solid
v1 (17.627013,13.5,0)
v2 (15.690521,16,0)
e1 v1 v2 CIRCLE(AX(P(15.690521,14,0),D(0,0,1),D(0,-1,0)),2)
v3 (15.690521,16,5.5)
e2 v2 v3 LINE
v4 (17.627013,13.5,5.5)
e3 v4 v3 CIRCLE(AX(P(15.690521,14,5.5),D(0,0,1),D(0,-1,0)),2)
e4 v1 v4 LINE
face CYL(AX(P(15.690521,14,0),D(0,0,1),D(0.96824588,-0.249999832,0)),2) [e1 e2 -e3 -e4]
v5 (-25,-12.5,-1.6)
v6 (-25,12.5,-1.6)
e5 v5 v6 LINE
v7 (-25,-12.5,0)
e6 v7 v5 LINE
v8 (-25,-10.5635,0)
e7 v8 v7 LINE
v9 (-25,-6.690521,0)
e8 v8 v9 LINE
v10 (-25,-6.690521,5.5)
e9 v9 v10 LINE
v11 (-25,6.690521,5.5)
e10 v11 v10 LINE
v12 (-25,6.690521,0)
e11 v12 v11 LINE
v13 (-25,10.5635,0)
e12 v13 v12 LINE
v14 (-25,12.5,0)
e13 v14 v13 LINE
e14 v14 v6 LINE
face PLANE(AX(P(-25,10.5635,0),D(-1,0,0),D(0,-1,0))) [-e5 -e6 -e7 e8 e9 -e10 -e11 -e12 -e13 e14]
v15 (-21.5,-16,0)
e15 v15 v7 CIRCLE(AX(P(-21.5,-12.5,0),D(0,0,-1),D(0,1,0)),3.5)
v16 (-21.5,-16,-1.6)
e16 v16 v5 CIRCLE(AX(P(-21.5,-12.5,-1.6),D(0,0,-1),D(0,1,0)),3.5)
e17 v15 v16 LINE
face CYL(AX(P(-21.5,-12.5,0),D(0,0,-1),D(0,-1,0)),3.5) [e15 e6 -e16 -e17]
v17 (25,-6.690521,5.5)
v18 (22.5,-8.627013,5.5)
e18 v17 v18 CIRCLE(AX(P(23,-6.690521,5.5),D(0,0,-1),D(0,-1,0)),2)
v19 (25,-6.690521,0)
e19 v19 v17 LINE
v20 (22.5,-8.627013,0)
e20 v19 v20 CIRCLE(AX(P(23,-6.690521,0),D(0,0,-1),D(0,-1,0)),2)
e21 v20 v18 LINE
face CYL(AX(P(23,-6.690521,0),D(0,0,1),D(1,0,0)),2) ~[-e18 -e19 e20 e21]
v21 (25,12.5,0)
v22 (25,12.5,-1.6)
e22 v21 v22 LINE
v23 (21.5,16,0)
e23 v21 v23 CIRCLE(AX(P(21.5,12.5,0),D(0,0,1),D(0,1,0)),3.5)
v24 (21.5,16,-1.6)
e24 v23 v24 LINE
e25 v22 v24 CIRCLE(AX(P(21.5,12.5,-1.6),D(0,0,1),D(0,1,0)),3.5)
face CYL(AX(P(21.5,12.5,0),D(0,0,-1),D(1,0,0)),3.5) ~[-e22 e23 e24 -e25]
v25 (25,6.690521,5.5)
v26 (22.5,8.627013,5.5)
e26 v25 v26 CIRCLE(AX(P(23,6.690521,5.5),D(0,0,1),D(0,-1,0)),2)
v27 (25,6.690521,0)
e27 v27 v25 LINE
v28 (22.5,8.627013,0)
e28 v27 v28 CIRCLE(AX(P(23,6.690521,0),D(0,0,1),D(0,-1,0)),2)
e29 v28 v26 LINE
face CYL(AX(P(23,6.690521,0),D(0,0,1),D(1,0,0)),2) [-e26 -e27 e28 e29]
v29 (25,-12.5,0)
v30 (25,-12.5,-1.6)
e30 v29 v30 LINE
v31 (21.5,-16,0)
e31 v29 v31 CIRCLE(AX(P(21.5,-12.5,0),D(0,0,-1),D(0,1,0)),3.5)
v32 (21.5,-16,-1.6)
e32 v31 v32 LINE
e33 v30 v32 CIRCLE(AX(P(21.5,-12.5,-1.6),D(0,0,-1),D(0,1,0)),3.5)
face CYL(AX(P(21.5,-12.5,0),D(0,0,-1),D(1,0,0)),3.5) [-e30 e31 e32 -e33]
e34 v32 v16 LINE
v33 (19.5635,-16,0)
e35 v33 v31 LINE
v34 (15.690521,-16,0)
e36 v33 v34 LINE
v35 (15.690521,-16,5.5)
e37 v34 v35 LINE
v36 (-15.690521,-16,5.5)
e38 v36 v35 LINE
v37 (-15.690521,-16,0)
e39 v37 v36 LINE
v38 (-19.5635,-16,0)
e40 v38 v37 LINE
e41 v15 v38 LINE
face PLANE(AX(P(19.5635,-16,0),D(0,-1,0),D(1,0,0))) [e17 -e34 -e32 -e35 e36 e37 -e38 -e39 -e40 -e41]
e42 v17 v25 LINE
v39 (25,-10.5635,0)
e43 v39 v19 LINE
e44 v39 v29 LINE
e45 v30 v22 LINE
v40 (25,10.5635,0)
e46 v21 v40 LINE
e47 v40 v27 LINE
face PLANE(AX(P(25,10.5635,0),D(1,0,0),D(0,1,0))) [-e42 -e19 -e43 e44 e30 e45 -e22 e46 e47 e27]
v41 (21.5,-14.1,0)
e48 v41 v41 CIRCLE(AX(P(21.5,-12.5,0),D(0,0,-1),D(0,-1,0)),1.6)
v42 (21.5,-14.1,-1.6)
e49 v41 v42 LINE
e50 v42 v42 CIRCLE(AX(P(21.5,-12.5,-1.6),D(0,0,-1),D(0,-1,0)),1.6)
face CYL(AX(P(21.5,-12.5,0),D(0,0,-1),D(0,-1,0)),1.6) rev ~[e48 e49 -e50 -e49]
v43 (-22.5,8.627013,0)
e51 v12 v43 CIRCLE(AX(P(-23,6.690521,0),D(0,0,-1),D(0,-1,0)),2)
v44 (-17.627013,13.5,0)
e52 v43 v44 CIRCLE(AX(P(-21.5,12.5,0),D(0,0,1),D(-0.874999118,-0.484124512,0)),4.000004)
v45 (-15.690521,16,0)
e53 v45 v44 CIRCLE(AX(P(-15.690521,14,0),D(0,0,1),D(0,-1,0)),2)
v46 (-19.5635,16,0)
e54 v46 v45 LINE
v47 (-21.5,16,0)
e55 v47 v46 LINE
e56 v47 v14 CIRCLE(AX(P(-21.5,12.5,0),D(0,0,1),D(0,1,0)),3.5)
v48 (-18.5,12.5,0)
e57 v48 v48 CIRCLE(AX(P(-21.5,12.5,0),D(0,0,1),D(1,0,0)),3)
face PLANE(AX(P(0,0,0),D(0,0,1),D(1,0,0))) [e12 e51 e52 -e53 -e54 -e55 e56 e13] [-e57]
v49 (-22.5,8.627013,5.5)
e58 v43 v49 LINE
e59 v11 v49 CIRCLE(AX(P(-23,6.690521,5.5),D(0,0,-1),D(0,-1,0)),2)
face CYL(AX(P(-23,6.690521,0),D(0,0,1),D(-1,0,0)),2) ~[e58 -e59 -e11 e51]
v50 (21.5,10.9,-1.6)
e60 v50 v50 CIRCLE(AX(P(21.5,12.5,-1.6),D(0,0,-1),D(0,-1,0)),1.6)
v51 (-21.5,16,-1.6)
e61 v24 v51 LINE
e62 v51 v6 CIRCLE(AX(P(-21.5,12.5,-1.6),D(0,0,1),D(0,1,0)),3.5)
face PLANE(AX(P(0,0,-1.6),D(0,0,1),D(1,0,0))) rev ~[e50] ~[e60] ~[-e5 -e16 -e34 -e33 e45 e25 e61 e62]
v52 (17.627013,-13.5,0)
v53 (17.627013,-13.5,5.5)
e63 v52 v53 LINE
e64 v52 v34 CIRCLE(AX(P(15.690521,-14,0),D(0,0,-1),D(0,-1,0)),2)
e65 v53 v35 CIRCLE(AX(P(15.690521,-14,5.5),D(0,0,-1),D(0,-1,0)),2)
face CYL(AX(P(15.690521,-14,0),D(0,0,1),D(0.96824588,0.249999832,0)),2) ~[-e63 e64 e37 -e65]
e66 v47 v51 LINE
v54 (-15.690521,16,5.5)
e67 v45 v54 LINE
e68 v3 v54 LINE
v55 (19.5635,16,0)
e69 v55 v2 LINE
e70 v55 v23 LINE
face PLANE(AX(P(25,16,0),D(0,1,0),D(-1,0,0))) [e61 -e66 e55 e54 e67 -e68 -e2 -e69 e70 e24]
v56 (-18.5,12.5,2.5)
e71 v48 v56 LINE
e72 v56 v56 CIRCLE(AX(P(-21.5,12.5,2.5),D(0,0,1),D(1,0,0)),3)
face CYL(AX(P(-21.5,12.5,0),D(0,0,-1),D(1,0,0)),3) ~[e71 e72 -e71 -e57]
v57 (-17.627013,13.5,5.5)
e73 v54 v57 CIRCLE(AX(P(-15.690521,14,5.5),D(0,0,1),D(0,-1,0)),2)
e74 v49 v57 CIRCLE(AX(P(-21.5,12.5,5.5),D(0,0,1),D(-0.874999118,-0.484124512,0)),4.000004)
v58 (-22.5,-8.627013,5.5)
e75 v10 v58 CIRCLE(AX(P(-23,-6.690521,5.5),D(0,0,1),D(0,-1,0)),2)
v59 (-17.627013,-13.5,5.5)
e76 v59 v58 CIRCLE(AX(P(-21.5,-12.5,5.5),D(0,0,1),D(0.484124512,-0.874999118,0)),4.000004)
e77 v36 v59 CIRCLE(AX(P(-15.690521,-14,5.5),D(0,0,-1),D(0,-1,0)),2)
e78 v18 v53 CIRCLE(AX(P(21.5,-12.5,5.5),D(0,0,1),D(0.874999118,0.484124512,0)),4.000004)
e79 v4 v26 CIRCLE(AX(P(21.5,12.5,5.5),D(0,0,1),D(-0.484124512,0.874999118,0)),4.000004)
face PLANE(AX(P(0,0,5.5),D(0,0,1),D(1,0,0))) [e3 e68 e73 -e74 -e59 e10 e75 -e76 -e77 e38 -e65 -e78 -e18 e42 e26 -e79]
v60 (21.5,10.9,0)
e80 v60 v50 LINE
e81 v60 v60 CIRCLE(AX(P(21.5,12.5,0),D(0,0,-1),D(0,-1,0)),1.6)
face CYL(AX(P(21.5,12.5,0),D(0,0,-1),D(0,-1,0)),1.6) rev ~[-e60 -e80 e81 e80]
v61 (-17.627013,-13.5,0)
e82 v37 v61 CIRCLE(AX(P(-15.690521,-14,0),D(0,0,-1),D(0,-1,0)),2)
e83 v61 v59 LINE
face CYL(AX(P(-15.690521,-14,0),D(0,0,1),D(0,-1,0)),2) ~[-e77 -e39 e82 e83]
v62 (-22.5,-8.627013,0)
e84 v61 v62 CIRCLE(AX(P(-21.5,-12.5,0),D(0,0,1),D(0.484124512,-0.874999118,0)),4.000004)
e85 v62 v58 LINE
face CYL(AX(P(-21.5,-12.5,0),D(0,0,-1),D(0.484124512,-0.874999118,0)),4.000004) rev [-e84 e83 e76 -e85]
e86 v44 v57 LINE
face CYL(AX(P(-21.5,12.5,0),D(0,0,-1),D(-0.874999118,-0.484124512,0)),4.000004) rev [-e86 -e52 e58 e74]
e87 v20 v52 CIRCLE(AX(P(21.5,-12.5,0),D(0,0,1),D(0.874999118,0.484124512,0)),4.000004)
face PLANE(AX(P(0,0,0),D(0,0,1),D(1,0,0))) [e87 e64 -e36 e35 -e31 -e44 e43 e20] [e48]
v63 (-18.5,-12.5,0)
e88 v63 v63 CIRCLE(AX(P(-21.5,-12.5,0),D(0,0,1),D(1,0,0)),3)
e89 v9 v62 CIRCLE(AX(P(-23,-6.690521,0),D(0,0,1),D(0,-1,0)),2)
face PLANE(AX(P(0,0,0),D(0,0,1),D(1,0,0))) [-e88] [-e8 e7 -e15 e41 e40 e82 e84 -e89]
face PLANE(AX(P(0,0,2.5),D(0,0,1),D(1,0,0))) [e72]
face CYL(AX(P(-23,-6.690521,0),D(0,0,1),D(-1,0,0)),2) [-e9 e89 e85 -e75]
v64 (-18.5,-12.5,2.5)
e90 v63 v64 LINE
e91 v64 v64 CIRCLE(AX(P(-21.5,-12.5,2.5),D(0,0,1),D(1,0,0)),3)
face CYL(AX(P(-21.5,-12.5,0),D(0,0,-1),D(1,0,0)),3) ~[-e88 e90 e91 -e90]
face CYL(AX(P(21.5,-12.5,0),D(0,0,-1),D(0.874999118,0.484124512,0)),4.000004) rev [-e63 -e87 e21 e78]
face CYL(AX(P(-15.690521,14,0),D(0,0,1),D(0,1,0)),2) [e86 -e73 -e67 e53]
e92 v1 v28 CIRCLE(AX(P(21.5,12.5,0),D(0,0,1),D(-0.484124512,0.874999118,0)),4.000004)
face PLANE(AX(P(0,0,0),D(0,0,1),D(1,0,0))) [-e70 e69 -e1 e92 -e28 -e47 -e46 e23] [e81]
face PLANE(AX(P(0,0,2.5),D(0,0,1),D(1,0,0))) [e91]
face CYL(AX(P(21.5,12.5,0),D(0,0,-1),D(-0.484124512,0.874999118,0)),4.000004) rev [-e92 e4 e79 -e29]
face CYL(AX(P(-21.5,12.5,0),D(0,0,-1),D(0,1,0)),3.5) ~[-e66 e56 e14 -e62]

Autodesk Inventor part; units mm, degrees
ref_plane "YZ Plane" through (0, 0, 0) normal (1, 0, 0) x (0, 1, 0)
ref_plane "XZ Plane" through (0, 0, 0) normal (0, 1, 0) x (-1, 0, 0)
ref_plane "XY Plane" through (0, 0, 0) normal (0, 0, 1) x (1, 0, 0)
sketch "Sketch1" plane through (0, 0, 0) normal (0, 0, 1) x (1, 0, 0)
  line L0 (25, 16) -> (-25, 16)
  line L1 (-25, 16) -> (-25, -16)
  line L2 (-25, -16) -> (25, -16)
  line L3 (25, -16) -> (25, 16)
  line L4 (25, 16) -> (-25, -16) construction
  line L5 (-25, 16) -> (25, -16) construction
  line L6 (0, 16) -> (0, -16) construction
  line L7 (25, 0) -> (-25, 0) construction
  line L8 (0, -16) -> (0, 16) construction
  line L9 (21.5, -12.5) -> (21.5, 12.5) construction
  circle A0 centre (-21.5, -12.5) radius 3
  circle A1 centre (-21.5, 12.5) radius 3
  arc A2 (-19.5635, -16) -> (-25, -10.5635) centre (-21.5, -12.5) ccw
  arc A3 (-25, 10.5635) -> (-19.5635, 16) centre (-21.5, 12.5) ccw
  arc A4 (25, -10.5635) -> (19.5635, -16) centre (21.5, -12.5) ccw
  arc A5 (19.5635, 16) -> (25, 10.5635) centre (21.5, 12.5) ccw
  point P0 (0, 0)
  point P1 (21.5, 0)
  point P2 (25, 10.5635)
  point P3 (19.5635, 16)
  point P4 (-19.5635, 16)
  point P5 (-25, 10.5635)
  point P6 (19.5635, -16)
  point P7 (25, -10.5635)
  dimension "d0" = 50
  dimension "d1" = 32
  dimension "d18" = 3.5
  dimension "d19" = 25
  dimension "d21" = 6
  dimension "d24" = 1
extrude "Extrusion1" add sketch "Sketch1" against normal blind 1.6 contours L3 A5 L0 | A5 L3 A4 L2 A2 L1 A3 L0 | A3 L1 L0 | L3 L2 A4 | A2 L2 L1 | A0 | A1
extrude "Extrusion2" add sketch "Sketch1" along normal blind 2.5 contours A0 | A1
hole "Phi3.2" at (21.5, -12.5, 0) at (21.5, 12.5, 0) direction (0, 0, -1) diameter 3.2 end through all
fillet "R3.5" radius 3.5 4 edges at (25, -16, -0.8) (-25, -16, -0.8) (-25, 16, -0.8) (25, 16, -0.8)
extrude "Extrusion3" add sketch "Sketch1" along normal blind 5.5 contours A5 L3 A4 L2 A2 L1 A3 L0
fillet "R2" radius 2 8 edges at (19.5635, -16, 2.75) (25, -10.5635, 2.75) (25, 10.5635, 2.75) (19.5635, 16, 2.75) (-19.5635, -16, 2.75) (-25, -10.5635, 2.75) (-25, 10.5635, 2.75) (-19.5635, 16, 2.75)
equation "\"d18\" = -0.5 * d19 + 0.5 * d1"
properties part number "SEN0539-EN" material "CFRP"
